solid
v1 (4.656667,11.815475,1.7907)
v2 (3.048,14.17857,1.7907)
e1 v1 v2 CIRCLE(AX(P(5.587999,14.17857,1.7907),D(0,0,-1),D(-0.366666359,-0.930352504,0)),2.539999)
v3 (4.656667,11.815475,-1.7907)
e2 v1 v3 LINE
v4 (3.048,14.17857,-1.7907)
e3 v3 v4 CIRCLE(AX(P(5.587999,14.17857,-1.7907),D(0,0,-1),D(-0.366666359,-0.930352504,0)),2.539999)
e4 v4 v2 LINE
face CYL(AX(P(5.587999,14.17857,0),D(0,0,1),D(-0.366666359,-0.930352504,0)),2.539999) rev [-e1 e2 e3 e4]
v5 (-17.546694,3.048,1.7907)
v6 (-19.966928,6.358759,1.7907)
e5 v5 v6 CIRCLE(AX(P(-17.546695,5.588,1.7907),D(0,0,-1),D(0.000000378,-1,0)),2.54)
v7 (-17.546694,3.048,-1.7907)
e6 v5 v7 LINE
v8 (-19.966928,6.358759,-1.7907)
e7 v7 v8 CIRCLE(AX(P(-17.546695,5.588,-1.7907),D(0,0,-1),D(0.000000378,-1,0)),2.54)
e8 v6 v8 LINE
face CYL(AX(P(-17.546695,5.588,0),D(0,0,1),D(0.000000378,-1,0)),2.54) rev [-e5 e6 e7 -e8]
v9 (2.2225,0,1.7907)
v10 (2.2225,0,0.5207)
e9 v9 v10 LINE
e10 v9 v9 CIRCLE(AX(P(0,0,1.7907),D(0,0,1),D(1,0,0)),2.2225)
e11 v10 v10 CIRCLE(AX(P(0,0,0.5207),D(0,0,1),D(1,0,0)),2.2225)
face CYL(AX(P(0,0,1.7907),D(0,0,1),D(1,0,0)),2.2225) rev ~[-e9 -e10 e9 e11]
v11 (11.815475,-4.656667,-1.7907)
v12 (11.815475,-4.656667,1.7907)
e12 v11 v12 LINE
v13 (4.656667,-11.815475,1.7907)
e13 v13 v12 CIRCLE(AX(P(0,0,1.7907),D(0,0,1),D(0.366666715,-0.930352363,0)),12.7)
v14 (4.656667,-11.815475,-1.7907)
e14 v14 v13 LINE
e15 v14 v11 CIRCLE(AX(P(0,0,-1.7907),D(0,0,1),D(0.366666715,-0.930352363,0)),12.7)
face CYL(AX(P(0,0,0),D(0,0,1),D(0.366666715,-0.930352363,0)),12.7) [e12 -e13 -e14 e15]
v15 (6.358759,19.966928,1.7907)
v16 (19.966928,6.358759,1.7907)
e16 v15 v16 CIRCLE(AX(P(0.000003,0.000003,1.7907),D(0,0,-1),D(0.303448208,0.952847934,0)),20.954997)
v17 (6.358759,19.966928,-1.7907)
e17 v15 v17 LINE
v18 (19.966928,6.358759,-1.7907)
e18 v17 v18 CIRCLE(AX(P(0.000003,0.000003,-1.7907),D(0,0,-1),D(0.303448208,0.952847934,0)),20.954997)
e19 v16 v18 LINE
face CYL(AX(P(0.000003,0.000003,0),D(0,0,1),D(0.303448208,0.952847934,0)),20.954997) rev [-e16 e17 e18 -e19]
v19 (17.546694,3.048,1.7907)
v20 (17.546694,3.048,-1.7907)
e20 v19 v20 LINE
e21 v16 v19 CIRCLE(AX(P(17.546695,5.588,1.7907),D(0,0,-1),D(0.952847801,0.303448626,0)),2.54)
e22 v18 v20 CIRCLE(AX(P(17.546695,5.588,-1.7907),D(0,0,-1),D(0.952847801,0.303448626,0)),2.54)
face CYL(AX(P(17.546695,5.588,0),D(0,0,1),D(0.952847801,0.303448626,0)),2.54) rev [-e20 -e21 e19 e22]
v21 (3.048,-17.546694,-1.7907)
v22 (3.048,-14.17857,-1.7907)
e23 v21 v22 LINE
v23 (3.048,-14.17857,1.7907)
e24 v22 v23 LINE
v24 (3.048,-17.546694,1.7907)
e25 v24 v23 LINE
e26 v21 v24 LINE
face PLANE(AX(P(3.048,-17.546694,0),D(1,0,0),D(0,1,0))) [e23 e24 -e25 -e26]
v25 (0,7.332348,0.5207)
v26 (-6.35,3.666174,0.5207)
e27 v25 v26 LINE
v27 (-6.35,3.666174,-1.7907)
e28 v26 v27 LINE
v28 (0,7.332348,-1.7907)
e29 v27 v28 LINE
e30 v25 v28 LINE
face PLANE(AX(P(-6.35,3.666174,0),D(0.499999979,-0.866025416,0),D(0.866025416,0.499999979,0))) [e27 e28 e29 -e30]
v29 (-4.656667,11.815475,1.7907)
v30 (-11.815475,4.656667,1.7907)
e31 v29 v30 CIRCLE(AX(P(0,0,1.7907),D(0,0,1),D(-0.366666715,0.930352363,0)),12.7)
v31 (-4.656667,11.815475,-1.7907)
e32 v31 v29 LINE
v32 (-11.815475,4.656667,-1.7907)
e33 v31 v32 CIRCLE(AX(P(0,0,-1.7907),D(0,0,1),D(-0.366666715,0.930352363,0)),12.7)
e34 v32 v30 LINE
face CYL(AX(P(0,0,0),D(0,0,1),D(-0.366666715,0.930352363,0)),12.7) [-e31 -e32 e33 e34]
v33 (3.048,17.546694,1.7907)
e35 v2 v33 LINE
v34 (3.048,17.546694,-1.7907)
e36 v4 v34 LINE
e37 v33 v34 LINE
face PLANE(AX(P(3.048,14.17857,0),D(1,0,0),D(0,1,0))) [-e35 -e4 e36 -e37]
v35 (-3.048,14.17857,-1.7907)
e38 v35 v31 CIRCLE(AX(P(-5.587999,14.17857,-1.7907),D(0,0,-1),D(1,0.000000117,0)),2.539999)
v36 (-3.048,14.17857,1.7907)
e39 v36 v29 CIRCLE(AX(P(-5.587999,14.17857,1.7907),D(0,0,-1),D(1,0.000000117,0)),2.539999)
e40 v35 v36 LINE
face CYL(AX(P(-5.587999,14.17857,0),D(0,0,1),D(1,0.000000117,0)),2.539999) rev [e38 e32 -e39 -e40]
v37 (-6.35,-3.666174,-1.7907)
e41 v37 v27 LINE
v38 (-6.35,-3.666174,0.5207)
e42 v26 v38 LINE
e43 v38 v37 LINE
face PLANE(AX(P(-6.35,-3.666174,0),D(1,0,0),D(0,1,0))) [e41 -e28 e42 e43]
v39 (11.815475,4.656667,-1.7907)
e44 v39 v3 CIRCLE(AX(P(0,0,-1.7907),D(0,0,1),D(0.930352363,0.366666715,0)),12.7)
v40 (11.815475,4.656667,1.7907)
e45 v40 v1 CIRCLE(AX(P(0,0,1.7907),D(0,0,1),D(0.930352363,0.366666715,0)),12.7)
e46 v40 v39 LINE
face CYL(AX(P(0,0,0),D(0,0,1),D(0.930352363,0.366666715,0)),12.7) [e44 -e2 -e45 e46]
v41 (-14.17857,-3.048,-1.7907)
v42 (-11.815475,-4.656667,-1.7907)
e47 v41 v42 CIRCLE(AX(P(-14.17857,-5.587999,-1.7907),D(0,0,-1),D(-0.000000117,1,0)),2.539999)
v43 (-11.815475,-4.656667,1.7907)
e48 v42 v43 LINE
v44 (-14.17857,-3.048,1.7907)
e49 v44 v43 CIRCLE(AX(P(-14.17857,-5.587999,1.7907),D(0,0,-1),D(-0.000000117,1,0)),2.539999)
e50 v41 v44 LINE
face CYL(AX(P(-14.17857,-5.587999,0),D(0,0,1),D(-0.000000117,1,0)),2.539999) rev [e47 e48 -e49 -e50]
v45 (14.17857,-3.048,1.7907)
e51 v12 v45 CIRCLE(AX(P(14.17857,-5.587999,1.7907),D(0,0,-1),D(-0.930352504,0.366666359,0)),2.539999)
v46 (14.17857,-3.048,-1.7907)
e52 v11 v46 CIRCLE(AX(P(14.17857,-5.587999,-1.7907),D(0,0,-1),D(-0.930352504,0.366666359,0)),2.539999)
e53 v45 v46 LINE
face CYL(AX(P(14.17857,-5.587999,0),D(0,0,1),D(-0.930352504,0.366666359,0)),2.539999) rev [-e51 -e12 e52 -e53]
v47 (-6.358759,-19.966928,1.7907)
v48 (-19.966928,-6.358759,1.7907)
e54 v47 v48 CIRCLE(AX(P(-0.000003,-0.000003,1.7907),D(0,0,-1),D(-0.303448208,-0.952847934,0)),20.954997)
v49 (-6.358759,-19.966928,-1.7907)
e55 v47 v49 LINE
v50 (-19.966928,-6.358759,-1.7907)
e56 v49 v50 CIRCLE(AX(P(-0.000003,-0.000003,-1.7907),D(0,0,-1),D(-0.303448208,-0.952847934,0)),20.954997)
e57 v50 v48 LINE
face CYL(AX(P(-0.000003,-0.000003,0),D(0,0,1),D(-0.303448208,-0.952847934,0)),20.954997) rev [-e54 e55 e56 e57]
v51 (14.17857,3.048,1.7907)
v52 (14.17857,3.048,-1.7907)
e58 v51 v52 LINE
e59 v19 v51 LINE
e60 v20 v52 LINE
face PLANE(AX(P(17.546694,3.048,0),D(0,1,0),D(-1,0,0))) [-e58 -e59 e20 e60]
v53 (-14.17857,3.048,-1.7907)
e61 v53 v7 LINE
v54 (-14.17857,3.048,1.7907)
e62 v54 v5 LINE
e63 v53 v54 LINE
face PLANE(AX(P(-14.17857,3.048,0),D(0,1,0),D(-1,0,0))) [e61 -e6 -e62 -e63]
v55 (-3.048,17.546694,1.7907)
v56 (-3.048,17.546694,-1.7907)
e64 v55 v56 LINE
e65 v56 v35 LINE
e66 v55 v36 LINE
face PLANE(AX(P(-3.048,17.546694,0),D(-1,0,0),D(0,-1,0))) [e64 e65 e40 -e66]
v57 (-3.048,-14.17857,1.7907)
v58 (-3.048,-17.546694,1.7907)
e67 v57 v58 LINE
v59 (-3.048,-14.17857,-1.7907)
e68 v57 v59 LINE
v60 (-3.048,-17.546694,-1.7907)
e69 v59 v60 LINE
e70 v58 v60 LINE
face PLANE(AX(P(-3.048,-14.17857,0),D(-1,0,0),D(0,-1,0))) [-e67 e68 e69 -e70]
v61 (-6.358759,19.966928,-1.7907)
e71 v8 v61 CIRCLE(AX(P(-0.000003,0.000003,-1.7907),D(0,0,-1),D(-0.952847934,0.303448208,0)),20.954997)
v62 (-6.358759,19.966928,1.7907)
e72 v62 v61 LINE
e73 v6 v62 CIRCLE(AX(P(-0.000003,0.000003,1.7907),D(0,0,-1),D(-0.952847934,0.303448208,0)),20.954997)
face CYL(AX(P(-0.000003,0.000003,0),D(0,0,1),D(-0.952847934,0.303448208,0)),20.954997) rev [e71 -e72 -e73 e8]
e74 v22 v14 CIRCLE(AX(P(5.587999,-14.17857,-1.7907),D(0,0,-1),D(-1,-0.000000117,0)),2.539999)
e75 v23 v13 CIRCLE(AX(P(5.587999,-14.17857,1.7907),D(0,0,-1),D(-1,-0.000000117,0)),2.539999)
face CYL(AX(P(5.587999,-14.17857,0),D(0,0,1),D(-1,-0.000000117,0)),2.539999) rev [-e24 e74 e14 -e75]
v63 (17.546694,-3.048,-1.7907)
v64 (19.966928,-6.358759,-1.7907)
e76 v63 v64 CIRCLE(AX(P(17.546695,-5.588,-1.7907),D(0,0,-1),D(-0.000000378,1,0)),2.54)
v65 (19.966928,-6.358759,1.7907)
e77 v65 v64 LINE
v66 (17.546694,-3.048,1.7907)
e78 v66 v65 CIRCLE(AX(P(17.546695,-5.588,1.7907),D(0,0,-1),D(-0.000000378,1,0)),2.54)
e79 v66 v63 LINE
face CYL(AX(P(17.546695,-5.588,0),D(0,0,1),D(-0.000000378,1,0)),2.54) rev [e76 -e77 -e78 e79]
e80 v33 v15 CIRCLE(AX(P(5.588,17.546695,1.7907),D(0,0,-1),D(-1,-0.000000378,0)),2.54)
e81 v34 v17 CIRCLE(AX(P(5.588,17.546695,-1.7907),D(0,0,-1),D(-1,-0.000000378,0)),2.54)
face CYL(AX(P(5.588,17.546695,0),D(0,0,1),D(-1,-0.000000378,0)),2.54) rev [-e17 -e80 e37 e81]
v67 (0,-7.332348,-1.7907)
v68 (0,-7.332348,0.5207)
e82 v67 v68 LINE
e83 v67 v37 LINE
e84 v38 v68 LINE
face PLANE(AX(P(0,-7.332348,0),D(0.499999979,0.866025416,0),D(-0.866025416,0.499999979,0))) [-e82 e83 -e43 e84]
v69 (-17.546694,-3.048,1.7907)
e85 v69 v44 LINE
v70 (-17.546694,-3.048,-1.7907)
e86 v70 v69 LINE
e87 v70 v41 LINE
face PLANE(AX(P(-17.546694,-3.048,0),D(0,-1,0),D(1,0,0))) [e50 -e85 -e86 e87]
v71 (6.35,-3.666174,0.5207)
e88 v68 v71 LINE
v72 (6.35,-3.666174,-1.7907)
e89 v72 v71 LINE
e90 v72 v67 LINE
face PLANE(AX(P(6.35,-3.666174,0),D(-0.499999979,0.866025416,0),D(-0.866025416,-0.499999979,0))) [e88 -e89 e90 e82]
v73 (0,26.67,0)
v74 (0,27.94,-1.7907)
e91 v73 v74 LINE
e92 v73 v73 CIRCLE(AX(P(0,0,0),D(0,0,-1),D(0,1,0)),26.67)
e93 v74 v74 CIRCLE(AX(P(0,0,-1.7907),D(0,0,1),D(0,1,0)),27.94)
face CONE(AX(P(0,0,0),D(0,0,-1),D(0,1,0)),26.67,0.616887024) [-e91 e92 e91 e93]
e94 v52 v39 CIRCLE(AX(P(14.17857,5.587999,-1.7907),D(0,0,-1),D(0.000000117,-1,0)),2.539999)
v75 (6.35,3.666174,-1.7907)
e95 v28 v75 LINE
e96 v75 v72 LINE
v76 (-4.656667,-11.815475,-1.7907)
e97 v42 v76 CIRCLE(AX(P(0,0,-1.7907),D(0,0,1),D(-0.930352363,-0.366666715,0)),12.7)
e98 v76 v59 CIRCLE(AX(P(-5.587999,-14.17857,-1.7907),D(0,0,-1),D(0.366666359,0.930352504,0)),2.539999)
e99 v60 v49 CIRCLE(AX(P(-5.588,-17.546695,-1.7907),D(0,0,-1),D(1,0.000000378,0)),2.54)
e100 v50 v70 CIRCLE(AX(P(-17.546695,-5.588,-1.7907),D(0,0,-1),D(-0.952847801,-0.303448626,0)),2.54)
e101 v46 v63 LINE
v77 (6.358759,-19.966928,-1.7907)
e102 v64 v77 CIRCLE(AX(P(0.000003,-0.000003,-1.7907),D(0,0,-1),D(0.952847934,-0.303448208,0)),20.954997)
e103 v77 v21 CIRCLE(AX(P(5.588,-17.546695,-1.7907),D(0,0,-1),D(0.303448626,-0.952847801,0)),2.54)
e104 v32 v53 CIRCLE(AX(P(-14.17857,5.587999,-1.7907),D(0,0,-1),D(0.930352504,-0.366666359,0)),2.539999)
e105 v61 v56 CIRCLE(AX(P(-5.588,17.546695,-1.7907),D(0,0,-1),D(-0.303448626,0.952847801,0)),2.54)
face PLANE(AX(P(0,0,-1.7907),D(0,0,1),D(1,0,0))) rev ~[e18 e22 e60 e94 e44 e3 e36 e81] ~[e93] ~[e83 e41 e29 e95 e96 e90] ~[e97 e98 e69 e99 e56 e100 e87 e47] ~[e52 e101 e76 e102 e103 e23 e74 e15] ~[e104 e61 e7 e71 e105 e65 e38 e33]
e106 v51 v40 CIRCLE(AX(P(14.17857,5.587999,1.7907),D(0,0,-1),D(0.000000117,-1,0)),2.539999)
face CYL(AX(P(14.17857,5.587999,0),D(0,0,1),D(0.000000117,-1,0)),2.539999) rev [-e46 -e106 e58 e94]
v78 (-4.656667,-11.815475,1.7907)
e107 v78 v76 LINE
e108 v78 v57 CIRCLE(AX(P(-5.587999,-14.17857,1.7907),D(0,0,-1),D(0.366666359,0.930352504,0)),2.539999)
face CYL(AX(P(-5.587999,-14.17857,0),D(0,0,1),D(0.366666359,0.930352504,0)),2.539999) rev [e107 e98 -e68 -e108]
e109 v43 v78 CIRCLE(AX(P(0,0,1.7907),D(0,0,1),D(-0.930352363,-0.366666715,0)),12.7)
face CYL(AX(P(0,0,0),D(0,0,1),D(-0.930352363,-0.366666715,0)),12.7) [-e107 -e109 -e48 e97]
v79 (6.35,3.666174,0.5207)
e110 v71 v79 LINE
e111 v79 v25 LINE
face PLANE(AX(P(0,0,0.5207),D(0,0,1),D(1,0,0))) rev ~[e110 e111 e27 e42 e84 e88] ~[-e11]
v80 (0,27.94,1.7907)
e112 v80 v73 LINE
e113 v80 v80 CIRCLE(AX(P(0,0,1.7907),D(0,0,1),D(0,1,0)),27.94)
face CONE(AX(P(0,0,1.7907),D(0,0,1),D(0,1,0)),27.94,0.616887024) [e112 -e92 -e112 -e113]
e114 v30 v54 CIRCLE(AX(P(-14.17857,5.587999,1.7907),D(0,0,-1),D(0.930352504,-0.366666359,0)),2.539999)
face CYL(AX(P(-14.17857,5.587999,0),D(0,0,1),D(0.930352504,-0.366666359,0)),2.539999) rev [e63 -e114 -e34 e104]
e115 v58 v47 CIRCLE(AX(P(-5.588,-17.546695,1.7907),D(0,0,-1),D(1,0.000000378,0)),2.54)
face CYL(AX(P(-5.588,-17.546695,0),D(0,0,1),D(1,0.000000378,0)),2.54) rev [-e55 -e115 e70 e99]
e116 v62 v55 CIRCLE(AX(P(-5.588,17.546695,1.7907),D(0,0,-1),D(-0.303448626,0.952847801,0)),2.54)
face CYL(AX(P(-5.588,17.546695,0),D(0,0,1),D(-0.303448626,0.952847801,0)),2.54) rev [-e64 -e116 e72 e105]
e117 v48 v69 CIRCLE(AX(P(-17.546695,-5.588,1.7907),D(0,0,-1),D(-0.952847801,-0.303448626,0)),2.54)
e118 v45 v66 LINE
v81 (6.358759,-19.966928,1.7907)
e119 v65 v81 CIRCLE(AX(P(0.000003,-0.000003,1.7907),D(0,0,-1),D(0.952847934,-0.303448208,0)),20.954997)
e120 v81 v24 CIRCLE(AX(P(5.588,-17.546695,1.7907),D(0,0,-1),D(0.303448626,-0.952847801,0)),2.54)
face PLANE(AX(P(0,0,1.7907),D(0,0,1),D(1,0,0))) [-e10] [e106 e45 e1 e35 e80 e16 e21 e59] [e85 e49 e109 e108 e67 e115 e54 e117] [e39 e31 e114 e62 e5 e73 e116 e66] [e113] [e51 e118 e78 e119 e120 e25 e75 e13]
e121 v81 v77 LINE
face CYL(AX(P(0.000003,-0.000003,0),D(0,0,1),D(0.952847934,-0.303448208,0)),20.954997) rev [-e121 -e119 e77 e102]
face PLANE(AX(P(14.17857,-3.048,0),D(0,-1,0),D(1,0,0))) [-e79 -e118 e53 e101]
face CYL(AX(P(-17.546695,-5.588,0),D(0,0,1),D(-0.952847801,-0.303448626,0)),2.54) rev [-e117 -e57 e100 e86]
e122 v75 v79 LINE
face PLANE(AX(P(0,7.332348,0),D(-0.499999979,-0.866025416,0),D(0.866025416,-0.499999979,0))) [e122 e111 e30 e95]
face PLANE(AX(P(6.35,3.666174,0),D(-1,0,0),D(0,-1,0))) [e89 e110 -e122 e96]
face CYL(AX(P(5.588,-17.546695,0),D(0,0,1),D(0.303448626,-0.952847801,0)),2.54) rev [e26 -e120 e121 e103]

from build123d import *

# Parameters (mm, degrees)
F0_R     = 27.94
F1_DEPTH = 1.7907
F4_R     = 2.2225
F5_DEPTH = 1.27


with BuildPart() as f1:
    # F0 (on Top) → F1 (new body, symmetric)
    with BuildSketch(Plane.XY):
        Circle(F0_R)
        with BuildLine():
            ThreePointArc((-19.966928, -6.358759), (-19.597222, -4.089021), (-17.546694, -3.048))
            Line((-17.546694, -3.048), (-14.17857, -3.048))
            ThreePointArc((-14.17857, -3.048), (-12.749232, -3.488335), (-11.815475, -4.656667))
            ThreePointArc((-11.815475, -4.656667), (-8.980256, -8.980256), (-4.656667, -11.815475))
            ThreePointArc((-4.656667, -11.815475), (-3.488335, -12.749232), (-3.048, -14.17857))
            Line((-3.048, -14.17857), (-3.048, -17.546694))
            ThreePointArc((-3.048, -17.546694), (-4.089021, -19.597222), (-6.358759, -19.966928))
            ThreePointArc((-6.358759, -19.966928), (-14.817423, -14.817423), (-19.966928, -6.358759))
        make_face(mode=Mode.SUBTRACT)
        Polygon((6.35, 3.666174), (6.35, -3.666174), (0, -7.332348), (-6.35, -3.666174), (-6.35, 3.666174), (0, 7.332348), align=None, mode=Mode.SUBTRACT)
        with BuildLine():
            Line((3.048, -17.546694), (3.048, -14.17857))
            ThreePointArc((3.048, -14.17857), (3.488335, -12.749232), (4.656667, -11.815475))
            ThreePointArc((4.656667, -11.815475), (8.980256, -8.980256), (11.815475, -4.656667))
            ThreePointArc((11.815475, -4.656667), (12.749232, -3.488335), (14.17857, -3.048))
            Line((14.17857, -3.048), (17.546694, -3.048))
            ThreePointArc((17.546694, -3.048), (19.597222, -4.089021), (19.966928, -6.358759))
            ThreePointArc((19.966928, -6.358759), (14.817423, -14.817423), (6.358759, -19.966928))
            ThreePointArc((6.358759, -19.966928), (4.089021, -19.597222), (3.048, -17.546694))
        make_face(mode=Mode.SUBTRACT)
        with BuildLine():
            ThreePointArc((-3.048, 14.17857), (-3.488335, 12.749232), (-4.656667, 11.815475))
            ThreePointArc((-4.656667, 11.815475), (-8.980256, 8.980256), (-11.815475, 4.656667))
            ThreePointArc((-11.815475, 4.656667), (-12.749232, 3.488335), (-14.17857, 3.048))
            Line((-14.17857, 3.048), (-17.546694, 3.048))
            ThreePointArc((-17.546694, 3.048), (-19.597222, 4.089021), (-19.966928, 6.358759))
            ThreePointArc((-19.966928, 6.358759), (-14.817423, 14.817423), (-6.358759, 19.966928))
            ThreePointArc((-6.358759, 19.966928), (-4.089021, 19.597222), (-3.048, 17.546694))
            Line((-3.048, 17.546694), (-3.048, 14.17857))
        make_face(mode=Mode.SUBTRACT)
        with BuildLine():
            Line((3.048, 14.17857), (3.048, 17.546694))
            ThreePointArc((3.048, 17.546694), (4.089021, 19.597222), (6.358759, 19.966928))
            ThreePointArc((6.358759, 19.966928), (14.817423, 14.817423), (19.966928, 6.358759))
            ThreePointArc((19.966928, 6.358759), (19.597222, 4.089021), (17.546694, 3.048))
            Line((17.546694, 3.048), (14.17857, 3.048))
            ThreePointArc((14.17857, 3.048), (12.749232, 3.488335), (11.815475, 4.656667))
            ThreePointArc((11.815475, 4.656667), (8.980256, 8.980256), (4.656667, 11.815475))
            ThreePointArc((4.656667, 11.815475), (3.488335, 12.749232), (3.048, 14.17857))
        make_face(mode=Mode.SUBTRACT)
    extrude(amount=F1_DEPTH, both=True)

    # F2 (on Right) → F3 (revolve, cut)
    with BuildSketch(Plane.YZ):
        Polygon((27.94, 1.7907), (26.67, 0), (27.94, -1.7907), align=None)
    revolve(axis=Axis((0, 0, 0.396406), (0, 0, -1)), mode=Mode.SUBTRACT)

    # F4 (on face) → F5 (join)
    with BuildSketch(Plane.XY.offset(1.7907)):
        Polygon((6.35, 3.666174), (0, 7.332348), (-6.35, 3.666174), (-6.35, -3.666174), (0, -7.332348), (6.35, -3.666174), align=None)
        Circle(F4_R, mode=Mode.SUBTRACT)
    extrude(amount=-F5_DEPTH)


solid = f1.part
